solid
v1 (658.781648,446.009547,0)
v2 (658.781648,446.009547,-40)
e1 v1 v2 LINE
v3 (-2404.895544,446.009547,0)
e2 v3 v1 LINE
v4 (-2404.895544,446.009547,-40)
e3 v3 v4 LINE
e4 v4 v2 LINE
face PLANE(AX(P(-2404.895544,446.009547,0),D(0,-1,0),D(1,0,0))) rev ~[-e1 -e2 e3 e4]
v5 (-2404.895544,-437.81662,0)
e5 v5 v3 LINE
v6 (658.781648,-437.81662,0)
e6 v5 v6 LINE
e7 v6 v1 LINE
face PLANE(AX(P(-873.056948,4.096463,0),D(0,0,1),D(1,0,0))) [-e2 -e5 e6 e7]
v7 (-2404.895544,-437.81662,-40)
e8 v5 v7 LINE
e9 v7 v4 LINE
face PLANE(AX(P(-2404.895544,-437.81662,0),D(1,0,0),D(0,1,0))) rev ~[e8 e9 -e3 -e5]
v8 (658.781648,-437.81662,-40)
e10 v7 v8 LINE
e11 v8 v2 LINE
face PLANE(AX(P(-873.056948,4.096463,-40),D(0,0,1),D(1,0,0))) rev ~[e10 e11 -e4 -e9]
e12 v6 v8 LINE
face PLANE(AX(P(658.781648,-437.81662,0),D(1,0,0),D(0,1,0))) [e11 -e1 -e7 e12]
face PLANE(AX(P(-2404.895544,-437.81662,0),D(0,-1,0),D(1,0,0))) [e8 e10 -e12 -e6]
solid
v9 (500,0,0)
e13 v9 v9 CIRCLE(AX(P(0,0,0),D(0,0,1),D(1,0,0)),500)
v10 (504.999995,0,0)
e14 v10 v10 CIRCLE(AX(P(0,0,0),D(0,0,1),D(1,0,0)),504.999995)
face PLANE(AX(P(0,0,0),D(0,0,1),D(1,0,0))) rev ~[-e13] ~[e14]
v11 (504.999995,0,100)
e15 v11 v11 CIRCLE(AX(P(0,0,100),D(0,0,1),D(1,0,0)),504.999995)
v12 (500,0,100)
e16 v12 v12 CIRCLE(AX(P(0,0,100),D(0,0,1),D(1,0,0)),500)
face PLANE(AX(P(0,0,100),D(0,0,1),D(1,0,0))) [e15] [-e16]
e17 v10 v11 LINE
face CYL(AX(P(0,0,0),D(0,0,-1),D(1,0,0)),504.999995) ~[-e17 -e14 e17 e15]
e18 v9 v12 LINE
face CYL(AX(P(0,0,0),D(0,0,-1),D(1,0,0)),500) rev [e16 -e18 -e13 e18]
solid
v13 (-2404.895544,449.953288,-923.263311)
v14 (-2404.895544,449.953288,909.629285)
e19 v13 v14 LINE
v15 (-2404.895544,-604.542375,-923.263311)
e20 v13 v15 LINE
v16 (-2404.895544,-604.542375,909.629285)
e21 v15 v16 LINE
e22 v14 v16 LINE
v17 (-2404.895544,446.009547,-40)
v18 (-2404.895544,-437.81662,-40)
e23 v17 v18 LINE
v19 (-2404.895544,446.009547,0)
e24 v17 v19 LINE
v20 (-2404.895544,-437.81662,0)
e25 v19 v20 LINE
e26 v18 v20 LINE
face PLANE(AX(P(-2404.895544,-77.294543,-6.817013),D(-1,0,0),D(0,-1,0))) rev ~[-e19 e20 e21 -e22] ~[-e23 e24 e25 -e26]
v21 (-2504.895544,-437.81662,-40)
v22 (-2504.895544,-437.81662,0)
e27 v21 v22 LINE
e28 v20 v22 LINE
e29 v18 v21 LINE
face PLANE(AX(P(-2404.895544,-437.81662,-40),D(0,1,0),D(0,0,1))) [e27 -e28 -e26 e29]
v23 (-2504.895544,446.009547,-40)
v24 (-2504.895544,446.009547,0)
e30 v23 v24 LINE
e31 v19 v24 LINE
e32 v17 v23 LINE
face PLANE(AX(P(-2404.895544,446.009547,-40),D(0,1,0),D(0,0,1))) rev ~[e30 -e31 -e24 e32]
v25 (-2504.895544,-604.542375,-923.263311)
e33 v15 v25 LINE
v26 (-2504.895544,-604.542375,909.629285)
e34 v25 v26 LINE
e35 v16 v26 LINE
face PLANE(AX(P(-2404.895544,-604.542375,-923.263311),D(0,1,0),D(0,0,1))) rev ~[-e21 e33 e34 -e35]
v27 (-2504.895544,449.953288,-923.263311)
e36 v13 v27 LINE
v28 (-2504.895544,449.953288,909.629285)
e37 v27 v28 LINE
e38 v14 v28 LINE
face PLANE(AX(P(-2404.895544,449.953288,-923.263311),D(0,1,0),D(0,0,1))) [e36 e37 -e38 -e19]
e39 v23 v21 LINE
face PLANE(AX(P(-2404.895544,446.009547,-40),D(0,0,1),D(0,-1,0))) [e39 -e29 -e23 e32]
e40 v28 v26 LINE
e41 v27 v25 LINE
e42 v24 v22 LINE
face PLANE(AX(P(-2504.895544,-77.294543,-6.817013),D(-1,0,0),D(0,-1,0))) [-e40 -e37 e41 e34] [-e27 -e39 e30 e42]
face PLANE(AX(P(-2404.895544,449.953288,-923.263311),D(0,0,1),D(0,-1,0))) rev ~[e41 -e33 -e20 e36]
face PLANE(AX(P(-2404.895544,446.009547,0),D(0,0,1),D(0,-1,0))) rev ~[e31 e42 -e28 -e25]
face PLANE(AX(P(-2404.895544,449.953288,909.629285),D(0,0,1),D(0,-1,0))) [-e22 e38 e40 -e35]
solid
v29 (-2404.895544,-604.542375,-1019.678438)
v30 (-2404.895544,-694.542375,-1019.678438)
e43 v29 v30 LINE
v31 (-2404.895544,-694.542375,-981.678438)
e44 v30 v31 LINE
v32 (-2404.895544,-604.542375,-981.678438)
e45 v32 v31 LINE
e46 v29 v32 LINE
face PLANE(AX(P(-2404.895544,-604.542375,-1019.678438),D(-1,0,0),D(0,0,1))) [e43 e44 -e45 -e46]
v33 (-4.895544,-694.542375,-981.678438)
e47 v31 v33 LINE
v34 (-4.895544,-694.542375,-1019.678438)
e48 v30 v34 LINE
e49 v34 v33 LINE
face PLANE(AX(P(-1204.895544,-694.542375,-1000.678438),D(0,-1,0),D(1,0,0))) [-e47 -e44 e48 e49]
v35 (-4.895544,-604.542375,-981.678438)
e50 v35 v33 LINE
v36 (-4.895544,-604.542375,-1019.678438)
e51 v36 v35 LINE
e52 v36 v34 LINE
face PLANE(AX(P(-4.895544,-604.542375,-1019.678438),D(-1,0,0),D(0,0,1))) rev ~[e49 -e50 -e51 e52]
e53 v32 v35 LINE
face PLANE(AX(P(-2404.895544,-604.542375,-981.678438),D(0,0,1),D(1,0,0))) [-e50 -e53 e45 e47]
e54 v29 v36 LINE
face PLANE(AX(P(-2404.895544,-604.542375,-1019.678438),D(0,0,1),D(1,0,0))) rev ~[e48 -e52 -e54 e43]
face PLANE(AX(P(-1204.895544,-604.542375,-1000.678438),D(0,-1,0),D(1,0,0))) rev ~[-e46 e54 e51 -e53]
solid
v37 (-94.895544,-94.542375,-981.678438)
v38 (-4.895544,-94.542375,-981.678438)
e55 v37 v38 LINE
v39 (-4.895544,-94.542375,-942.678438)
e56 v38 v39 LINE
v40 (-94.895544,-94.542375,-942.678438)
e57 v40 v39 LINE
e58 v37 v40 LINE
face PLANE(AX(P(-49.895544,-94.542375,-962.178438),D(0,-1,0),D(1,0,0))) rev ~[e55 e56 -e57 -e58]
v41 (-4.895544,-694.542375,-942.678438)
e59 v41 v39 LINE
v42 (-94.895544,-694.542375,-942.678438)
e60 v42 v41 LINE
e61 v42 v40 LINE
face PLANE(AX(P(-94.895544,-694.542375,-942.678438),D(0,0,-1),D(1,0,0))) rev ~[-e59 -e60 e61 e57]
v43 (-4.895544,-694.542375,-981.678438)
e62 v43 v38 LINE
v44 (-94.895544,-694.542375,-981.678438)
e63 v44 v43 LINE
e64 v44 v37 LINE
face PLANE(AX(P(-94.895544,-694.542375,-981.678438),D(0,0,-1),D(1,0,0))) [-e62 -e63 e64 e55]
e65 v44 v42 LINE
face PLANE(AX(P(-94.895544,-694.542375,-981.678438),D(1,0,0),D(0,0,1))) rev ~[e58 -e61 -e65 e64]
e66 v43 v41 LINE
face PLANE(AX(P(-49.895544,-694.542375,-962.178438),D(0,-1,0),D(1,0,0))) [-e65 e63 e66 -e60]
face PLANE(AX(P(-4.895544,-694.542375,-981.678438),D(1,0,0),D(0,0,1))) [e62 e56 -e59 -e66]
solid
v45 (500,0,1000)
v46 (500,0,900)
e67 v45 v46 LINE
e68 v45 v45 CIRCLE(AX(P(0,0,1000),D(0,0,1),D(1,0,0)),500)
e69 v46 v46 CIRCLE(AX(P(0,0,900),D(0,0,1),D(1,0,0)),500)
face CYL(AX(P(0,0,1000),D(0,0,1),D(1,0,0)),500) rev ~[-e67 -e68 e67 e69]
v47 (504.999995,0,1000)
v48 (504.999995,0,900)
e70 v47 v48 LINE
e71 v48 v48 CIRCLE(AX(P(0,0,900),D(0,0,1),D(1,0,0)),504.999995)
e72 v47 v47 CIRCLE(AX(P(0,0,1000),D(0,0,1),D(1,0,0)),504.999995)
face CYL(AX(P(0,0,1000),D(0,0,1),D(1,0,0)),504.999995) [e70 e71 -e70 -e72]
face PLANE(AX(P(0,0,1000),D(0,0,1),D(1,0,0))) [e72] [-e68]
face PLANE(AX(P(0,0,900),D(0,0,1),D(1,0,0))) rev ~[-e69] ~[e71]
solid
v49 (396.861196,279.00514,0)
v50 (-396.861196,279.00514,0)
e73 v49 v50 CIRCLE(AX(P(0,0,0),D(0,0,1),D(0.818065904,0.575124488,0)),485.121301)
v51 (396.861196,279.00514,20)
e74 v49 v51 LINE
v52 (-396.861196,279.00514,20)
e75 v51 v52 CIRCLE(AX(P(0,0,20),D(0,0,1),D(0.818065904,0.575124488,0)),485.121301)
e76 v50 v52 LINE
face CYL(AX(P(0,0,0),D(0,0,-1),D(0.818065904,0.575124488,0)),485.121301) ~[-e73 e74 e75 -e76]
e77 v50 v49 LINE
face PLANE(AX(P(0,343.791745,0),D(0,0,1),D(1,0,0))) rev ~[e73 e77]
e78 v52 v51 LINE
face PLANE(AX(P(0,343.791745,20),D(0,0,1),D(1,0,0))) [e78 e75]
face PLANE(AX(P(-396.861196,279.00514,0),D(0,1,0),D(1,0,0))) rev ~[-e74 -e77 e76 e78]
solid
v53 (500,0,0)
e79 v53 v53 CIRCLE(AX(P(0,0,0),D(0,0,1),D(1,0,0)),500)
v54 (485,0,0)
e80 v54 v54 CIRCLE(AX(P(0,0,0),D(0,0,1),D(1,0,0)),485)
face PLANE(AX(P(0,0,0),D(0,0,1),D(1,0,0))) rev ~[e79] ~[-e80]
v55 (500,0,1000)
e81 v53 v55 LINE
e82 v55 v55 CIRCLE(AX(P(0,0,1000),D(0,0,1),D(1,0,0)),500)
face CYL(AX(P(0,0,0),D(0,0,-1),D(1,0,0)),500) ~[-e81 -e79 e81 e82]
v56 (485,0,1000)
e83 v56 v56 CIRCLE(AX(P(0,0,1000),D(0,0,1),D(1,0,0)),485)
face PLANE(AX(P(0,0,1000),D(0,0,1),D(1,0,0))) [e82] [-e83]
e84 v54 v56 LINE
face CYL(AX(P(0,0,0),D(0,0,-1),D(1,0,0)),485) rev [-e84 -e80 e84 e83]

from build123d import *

# Parameters (mm, degrees)
F1_R      = 500
F1_R_2    = 485
F3_DEPTH  = 1000
F4_R      = 504.9999952316
F4_R_2    = 500
F5_DEPTH  = 100
F6_R      = 504.9999952316
F6_R_2    = 500
F7_DEPTH  = 100
F10_DEPTH = 20
F11_W     = 3063.6771917343
F11_H     = 883.8261663914
F12_DEPTH = 40
F13_W     = 1054.4956624508
F13_H     = 1832.8925967216
F13_W_2   = 883.8261663914
F13_H_2   = 40
F14_DEPTH = 100
F15_W     = 2400
F15_H     = 38
F16_DEPTH = 90
F17_W     = 90
F17_H     = 39
F18_DEPTH = 600


with BuildPart() as f3:
    # F1 (on face) → F3 (new body)
    with BuildSketch(Plane.XY):
        Circle(F1_R)
        Circle(F1_R_2, mode=Mode.SUBTRACT)
    extrude(amount=F3_DEPTH)


with BuildPart() as f5:
    # F4 (on face) → F5 (new body)
    with BuildSketch(Plane.XY.offset(1000)):
        Circle(F4_R)
        Circle(F4_R_2, mode=Mode.SUBTRACT)
    extrude(amount=-F5_DEPTH)


with BuildPart() as f7:
    # F6 (on face) → F7 (new body)
    with BuildSketch(Plane.XY):
        Circle(F6_R)
        Circle(F6_R_2, mode=Mode.SUBTRACT)
    extrude(amount=F7_DEPTH)


with BuildPart() as f10:
    # F9 (on face) → F10 (new body)
    with BuildSketch(Plane.XY):
        with BuildLine():
            Line((-365.7646179199, 279.0051400661), (396.8611955643, 279.0051400661))
            ThreePointArc((396.8611955643, 279.0051400661), (0, 485.1213010455), (-396.8611955643, 279.0051400661))
            Line((-396.8611955643, 279.0051400661), (-365.7646179199, 279.0051400661))
        make_face()
    extrude(amount=F10_DEPTH)


with BuildPart() as f12:
    # F11 (on face) → F12 (new body)
    with BuildSketch(Plane.XY):
        with Locations((-873.056948185, 4.0964633226)):
            Rectangle(F11_W, F11_H)
    extrude(amount=-F12_DEPTH)


with BuildPart() as f14:
    # F13 (on face) → F14 (new body)
    with BuildSketch(Plane(origin=(-2404.8955440521, 0, 0), x_dir=(0, -1, 0), z_dir=(-1, 0, 0))):
        with Locations((77.2945433855, -6.8170130253)):
            Rectangle(F13_W, F13_H)
        with Locations((-4.0964633226, -20)):
            Rectangle(F13_W_2, F13_H_2, mode=Mode.SUBTRACT)
    extrude(amount=F14_DEPTH)


with BuildPart() as f16:
    # F15 (on face) → F16 (new body)
    with BuildSketch(Plane.XZ.offset(604.5423746109)):
        with Locations((-1204.8955440521, -1000.6784378119)):
            Rectangle(F15_W, F15_H)
    extrude(amount=F16_DEPTH)


with BuildPart() as f18:
    # F17 (on face) → F18 (new body)
    with BuildSketch(Plane.XZ.offset(694.5423746109)):
        with Locations((-49.8955440521, -962.1784378119)):
            Rectangle(F17_W, F17_H)
    extrude(amount=-F18_DEPTH)


solid = Compound([f3.part, f5.part, f7.part, f10.part, f12.part, f14.part, f16.part, f18.part])
